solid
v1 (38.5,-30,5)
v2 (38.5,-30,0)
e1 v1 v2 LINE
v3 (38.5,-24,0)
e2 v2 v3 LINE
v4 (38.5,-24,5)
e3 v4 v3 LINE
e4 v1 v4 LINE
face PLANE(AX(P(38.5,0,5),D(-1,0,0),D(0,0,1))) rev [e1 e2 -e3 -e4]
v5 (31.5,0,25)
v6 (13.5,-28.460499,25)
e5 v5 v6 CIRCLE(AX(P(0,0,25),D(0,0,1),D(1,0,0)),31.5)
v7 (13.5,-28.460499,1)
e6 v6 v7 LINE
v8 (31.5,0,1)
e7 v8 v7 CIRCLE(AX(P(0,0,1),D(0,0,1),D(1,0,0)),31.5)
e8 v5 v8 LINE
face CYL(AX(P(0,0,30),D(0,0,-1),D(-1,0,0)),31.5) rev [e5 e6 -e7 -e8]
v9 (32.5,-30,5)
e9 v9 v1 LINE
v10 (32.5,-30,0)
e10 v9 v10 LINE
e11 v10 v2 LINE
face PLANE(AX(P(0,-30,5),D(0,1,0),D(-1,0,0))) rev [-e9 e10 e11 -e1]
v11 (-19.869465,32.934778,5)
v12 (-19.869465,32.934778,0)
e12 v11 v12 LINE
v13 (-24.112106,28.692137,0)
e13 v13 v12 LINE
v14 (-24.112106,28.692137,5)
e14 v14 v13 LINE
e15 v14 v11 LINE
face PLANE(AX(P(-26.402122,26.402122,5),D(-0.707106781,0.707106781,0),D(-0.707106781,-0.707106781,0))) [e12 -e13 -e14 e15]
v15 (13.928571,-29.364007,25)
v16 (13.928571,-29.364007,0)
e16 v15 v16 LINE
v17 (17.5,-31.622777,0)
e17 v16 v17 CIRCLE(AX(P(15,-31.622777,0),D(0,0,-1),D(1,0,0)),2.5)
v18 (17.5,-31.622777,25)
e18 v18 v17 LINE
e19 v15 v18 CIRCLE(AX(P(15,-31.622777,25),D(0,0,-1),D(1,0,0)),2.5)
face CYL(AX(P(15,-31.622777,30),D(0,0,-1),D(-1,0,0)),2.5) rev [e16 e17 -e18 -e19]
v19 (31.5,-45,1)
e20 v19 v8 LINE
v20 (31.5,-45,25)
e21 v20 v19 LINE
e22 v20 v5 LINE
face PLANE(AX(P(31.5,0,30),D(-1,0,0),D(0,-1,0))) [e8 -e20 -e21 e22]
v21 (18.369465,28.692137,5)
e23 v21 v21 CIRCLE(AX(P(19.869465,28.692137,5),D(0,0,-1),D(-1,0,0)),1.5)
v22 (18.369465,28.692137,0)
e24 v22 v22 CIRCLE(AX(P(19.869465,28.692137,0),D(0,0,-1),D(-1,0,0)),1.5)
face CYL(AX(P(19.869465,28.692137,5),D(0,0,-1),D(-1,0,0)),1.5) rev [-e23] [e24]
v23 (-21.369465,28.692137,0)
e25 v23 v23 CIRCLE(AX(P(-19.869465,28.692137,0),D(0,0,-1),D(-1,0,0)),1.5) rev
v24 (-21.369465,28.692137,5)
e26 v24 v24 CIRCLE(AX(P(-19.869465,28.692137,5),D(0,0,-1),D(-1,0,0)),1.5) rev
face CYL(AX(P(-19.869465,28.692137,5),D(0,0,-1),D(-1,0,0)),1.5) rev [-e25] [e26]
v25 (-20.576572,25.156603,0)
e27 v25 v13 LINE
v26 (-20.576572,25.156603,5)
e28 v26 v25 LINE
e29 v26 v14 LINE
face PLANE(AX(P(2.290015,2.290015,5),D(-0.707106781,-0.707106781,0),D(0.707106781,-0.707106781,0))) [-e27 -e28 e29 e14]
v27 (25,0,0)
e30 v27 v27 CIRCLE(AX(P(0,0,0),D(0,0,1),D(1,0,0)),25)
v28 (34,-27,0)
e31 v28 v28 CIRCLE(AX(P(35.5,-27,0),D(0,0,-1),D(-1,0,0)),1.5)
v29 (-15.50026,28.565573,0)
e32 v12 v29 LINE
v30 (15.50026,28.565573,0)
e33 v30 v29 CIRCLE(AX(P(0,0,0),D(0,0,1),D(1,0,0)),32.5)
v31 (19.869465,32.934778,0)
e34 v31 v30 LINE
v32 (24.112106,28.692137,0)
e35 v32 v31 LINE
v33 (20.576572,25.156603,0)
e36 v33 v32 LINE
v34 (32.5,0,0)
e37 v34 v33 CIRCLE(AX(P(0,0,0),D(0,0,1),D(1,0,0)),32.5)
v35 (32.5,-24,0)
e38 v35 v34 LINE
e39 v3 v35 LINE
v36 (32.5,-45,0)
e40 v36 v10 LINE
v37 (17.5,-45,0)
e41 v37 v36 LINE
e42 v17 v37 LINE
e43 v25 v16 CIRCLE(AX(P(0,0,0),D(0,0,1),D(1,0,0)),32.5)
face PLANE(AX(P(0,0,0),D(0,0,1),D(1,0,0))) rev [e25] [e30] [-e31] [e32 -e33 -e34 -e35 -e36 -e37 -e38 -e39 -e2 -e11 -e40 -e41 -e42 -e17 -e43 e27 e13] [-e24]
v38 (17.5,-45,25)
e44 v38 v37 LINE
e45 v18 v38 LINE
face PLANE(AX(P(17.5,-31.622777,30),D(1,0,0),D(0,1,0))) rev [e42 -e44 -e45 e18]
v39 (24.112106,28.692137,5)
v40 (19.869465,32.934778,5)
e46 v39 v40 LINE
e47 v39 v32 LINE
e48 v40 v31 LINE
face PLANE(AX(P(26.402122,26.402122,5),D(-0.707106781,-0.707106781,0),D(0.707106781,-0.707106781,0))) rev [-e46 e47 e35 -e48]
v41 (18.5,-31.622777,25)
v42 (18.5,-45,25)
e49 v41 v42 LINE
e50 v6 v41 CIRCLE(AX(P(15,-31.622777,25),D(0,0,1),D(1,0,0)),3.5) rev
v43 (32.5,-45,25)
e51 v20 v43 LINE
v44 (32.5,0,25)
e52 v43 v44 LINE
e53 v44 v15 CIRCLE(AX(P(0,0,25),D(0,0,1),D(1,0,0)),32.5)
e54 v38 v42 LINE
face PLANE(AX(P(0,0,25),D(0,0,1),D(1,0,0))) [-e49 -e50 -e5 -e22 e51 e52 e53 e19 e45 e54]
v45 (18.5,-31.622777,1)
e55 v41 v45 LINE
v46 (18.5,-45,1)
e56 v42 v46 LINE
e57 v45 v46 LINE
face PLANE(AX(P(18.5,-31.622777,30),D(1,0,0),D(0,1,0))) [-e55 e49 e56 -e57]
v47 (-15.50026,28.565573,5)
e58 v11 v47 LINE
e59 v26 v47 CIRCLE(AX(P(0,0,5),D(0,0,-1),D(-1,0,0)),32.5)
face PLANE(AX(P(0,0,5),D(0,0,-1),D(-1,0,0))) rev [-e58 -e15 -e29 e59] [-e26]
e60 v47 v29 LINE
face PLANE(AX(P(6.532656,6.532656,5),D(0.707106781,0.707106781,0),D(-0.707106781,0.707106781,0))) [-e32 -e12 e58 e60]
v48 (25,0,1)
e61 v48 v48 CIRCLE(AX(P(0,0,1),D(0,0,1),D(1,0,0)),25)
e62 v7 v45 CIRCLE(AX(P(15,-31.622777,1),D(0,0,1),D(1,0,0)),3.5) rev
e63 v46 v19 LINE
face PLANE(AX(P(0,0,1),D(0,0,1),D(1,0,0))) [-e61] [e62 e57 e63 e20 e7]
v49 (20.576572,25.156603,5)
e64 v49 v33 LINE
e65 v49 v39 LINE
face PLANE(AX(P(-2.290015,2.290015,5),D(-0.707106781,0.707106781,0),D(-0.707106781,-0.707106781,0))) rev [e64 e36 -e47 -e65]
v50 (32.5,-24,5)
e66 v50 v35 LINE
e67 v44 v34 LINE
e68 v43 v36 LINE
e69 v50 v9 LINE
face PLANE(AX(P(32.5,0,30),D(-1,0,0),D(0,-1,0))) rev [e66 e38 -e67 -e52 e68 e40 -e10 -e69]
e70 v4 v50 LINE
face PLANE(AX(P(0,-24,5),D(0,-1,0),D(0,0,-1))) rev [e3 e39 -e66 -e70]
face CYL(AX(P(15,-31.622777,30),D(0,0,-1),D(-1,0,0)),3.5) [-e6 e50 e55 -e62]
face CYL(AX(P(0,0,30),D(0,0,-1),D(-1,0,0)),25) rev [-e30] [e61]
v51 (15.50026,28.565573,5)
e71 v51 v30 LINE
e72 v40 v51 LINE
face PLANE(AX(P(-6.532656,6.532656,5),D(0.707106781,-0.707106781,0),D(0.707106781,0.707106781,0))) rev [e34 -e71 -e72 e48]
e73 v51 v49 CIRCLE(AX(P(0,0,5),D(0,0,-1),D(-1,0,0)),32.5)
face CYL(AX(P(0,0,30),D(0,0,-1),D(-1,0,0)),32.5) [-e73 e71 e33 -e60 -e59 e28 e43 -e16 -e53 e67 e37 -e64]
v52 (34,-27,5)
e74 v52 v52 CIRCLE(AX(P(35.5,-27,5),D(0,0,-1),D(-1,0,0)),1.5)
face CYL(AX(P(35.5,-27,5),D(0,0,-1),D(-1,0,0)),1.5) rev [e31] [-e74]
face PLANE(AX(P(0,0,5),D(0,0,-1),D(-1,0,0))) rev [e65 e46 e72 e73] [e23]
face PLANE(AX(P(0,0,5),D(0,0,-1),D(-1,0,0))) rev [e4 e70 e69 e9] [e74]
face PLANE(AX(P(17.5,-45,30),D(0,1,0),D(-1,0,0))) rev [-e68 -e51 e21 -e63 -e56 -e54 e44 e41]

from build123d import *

# Parameters (mm, degrees)
ESQUISSE1_R             = 25
BOSS_EXTRU_1_DEPTH      = 30
COQUE1_T                = -1
ENL_V_START             = -5
ENL_V_MAT_EXTRU_1_DEPTH = 5
ESQUISSE4_W             = 6
ESQUISSE4_H             = 6
ESQUISSE4_R             = 1.5
BOSS_EXTRU_3_DEPTH      = 5


with BuildPart() as part:
    # Esquisse1 → Boss.-Extru.1 (new body)
    with BuildSketch(Plane.XY):
        with BuildLine():
            Line((32.5, 0), (32.5, -45))
            Line((32.5, -45), (17.5, -45))
            Line((17.5, -45), (17.5, -31.622776602))
            ThreePointArc((17.5, -31.622776602), (16.33630621, -29.509890965), (13.928571429, -29.364006844))
            ThreePointArc((13.928571429, -29.364006844), (-27.467513279, 17.371980724), (32.5, 0))
        make_face()
        Circle(ESQUISSE1_R, mode=Mode.SUBTRACT)
    extrude(amount=BOSS_EXTRU_1_DEPTH)

    # Coque1
    coque1_openings = [part.faces().sort_by_distance(p)[0] for p in [
        (25, -45, 15),
        (-25, 0, 15),
    ]]
    offset(amount=COQUE1_T, openings=coque1_openings, kind=Kind.INTERSECTION)

    # Esquisse2 → Enlèv. mat.-Extru.1 (cut)
    with BuildSketch(Plane.XY.offset(30).offset(ENL_V_START)):
        with BuildLine():
            Line((17.5, -31.622776602), (17.5, -45))
            Line((17.5, -45), (32.5, -45))
            Line((32.5, -45), (32.5, 0))
            ThreePointArc((32.5, 0), (-27.467513279, 17.371980724), (13.928571429, -29.364006844))
            ThreePointArc((13.928571429, -29.364006844), (16.33630621, -29.509890965), (17.5, -31.622776602))
        make_face()
    extrude(amount=ENL_V_MAT_EXTRU_1_DEPTH, mode=Mode.SUBTRACT)

    # Esquisse4 → Boss.-Extru.3 (add)
    # profile 1 of 3: a face of its own
    with BuildSketch(Plane(origin=(0, 0, 0), x_dir=(-1, 0, 0), z_dir=(0, 0, -1))):
        with Locations((-35.5, -27)):
            Rectangle(ESQUISSE4_W, ESQUISSE4_H)
        with Locations((-35.5, -27)):
            Circle(ESQUISSE4_R, mode=Mode.SUBTRACT)
    # profile 2 of 3: a face of its own
    with BuildSketch(Plane(origin=(0, 0, 0), x_dir=(-1, 0, 0), z_dir=(0, 0, -1))):
        with BuildLine():
            Line((-24.112106084, 28.692136963), (-20.576572178, 25.156603057))
            ThreePointArc((-20.576572178, 25.156603057), (-18.118767277, 26.980738914), (-15.500260247, 28.5655725))
            Line((-15.500260247, 28.5655725), (-19.869465397, 32.93477765))
            Line((-19.869465397, 32.93477765), (-24.112106084, 28.692136963))
        make_face()
        with Locations((-19.869465397, 28.692136963)):
            Circle(ESQUISSE4_R, mode=Mode.SUBTRACT)
    # profile 3 of 3: a face of its own
    with BuildSketch(Plane(origin=(0, 0, 0), x_dir=(-1, 0, 0), z_dir=(0, 0, -1))):
        with BuildLine():
            Line((19.869465397, 32.93477765), (15.500260247, 28.5655725))
            ThreePointArc((15.500260247, 28.5655725), (18.118767277, 26.980738914), (20.576572178, 25.156603057))
            Line((20.576572178, 25.156603057), (24.112106084, 28.692136963))
            Line((24.112106084, 28.692136963), (19.869465397, 32.93477765))
        make_face()
        with Locations((19.869465397, 28.692136963)):
            Circle(ESQUISSE4_R, mode=Mode.SUBTRACT)
    extrude(amount=-BOSS_EXTRU_3_DEPTH)


solid = part.part
